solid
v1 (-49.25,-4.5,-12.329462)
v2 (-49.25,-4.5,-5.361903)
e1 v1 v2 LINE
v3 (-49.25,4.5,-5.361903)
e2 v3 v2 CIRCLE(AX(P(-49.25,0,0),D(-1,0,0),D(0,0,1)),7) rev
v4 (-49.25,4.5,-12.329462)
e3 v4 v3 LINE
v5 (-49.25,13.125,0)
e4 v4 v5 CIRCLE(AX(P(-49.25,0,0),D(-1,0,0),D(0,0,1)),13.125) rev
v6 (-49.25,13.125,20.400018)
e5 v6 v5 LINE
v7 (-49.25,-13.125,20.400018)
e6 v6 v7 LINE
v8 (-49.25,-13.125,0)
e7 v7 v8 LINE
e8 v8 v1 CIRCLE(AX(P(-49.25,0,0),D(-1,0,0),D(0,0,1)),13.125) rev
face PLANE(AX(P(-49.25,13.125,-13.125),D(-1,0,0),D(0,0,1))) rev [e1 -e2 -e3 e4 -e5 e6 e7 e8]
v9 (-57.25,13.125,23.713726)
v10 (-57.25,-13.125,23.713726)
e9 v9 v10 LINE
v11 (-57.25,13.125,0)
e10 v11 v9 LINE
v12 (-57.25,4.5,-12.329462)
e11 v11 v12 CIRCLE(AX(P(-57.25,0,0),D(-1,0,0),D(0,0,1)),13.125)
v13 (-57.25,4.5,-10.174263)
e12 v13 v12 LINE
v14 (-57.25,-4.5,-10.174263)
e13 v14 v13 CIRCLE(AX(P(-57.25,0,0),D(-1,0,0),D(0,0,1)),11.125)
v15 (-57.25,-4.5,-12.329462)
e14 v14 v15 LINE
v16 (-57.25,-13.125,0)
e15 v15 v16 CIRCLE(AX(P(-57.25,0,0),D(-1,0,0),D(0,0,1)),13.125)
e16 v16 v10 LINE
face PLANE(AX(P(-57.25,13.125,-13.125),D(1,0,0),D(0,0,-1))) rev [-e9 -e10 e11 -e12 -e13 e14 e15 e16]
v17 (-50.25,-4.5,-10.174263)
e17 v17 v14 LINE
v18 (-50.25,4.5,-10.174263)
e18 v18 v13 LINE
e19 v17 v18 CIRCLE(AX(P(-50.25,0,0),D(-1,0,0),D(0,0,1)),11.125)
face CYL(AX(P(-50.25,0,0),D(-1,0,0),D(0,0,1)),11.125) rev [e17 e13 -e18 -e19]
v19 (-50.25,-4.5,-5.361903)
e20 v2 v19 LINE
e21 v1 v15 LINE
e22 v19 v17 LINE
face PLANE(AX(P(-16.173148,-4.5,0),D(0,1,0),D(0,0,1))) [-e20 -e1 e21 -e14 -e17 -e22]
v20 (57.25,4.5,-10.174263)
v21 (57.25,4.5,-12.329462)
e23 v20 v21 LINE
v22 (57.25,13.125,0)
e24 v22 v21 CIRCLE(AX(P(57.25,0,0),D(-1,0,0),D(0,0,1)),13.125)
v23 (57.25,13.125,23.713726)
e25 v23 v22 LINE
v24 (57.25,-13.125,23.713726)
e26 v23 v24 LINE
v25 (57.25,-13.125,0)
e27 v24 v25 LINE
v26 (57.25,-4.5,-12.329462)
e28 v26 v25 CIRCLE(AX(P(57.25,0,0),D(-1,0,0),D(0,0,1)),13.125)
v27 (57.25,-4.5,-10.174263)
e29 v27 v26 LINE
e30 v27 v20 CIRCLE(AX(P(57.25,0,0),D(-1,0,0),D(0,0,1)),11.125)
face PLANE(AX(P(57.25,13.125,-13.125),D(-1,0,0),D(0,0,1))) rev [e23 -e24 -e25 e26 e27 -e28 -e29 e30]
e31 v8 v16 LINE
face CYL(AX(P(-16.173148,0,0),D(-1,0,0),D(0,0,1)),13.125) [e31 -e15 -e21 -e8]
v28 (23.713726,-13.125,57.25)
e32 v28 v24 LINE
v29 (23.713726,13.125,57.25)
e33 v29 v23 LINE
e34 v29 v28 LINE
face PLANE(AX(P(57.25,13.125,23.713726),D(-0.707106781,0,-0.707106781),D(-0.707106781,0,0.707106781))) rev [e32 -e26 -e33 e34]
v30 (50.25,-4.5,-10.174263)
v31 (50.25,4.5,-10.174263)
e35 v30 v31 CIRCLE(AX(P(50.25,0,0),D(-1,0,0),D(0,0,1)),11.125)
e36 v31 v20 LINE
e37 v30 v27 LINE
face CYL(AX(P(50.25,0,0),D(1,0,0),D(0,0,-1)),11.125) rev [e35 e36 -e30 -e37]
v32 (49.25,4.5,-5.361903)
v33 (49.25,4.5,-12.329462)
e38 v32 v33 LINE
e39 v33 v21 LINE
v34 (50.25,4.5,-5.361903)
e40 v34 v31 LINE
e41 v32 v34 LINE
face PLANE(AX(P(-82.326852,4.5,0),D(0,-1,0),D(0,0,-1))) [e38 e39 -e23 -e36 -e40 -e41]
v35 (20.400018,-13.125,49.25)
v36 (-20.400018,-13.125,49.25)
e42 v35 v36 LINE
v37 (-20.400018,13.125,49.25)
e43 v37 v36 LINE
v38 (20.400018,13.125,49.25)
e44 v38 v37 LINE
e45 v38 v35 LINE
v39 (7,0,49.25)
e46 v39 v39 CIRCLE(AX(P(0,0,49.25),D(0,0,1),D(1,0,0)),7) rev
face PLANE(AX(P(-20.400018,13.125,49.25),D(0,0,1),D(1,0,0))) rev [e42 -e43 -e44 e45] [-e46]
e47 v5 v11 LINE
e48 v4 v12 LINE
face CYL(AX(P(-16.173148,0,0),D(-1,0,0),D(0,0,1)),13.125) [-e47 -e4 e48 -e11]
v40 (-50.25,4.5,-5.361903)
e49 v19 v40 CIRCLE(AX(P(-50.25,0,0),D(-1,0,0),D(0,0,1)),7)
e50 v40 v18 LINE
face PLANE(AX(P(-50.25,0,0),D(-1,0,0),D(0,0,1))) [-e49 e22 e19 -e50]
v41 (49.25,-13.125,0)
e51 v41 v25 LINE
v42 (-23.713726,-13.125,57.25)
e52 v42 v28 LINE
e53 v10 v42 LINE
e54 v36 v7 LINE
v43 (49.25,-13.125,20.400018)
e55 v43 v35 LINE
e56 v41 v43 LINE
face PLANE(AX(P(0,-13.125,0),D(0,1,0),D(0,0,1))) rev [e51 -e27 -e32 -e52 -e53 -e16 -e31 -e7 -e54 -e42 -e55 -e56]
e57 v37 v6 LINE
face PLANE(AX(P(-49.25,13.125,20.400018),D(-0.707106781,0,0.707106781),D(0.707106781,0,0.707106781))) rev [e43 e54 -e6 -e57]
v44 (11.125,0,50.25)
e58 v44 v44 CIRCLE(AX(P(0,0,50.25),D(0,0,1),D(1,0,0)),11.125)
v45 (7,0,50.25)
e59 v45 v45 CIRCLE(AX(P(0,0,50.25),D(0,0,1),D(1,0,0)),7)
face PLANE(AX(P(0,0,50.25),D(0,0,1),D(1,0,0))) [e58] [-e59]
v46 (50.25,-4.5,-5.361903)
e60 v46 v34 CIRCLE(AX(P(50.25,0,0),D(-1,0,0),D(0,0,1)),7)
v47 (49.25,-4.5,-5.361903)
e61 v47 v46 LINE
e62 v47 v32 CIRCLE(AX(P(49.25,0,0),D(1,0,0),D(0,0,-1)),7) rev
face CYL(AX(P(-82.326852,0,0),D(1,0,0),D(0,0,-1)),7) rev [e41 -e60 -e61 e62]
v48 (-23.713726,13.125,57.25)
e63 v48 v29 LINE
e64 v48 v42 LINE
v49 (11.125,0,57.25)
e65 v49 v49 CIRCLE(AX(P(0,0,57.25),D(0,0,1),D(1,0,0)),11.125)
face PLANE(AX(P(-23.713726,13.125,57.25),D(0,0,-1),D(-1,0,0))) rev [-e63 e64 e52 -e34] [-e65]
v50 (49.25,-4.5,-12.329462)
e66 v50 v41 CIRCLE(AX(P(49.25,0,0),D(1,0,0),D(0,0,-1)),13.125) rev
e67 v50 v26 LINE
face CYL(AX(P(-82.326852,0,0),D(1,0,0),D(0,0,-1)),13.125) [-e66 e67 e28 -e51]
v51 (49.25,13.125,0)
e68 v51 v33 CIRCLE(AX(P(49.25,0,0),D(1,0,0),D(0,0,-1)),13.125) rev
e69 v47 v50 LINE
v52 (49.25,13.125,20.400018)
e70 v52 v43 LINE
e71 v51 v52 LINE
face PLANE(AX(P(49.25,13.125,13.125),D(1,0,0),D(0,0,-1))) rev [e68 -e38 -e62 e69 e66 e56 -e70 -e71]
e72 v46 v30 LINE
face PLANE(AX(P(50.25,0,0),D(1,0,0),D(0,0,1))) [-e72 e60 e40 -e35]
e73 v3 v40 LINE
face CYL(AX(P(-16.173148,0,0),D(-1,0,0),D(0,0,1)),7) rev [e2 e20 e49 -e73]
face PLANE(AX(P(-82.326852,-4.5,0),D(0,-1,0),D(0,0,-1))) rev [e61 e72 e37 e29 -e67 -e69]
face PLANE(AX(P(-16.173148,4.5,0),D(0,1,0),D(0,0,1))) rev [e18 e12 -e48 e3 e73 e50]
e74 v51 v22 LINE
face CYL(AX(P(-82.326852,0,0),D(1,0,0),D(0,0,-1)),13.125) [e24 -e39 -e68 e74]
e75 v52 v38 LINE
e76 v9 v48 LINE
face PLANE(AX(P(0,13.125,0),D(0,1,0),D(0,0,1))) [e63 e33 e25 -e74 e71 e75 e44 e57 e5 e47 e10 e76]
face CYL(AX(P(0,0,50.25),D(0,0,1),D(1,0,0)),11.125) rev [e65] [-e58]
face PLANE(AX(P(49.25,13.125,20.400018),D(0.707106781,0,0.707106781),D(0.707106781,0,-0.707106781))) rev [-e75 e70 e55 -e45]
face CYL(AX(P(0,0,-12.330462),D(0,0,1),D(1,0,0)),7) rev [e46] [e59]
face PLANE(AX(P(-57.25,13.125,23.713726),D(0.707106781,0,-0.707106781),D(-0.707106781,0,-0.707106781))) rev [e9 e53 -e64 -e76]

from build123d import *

# Parameters (mm, degrees)
BOSS_EXTRUDE1_DEPTH = 13.125
CUT_EXTRUDE1_REACH  = 130.686
CUT_EXTRUDE2_DEPTH  = 7
SKETCH3_R           = 11.125
CUT_EXTRUDE3_DEPTH  = 7
CUT_EXTRUDE4_REACH  = 87.826
SKETCH4_R           = 7


with BuildPart() as part:
    # Sketch1 → Boss-Extrude1 (new, symmetric)
    with BuildSketch(Plane(origin=(0, 0, 0), x_dir=(1, 0, 0), z_dir=(0, 1, 0))):
        Polygon((-49.25, 13.125), (-49.25, -13.125), (-49.25, -20.400017947), (-20.400017947, -49.25), (20.400017947, -49.25), (49.25, -20.400017947), (49.25, -13.125), (49.25, 13.125), (57.25, 13.125), (57.25, -23.713726446), (23.713726446, -57.25), (-23.713726446, -57.25), (-57.25, -23.713726446), (-57.25, 13.125), align=None)
    extrude(amount=BOSS_EXTRUDE1_DEPTH, both=True)

    # Sketch2 → Cut-Extrude1 (cut, up to next)
    with BuildSketch(Plane.ZY.offset(57.25), mode=Mode.PRIVATE) as cut_extrude1_sk1:
        with BuildLine():
            ThreePointArc((-5.361902647, -4.5), (7, 0), (-5.361902647, 4.5))
            Line((-5.361902647, 4.5), (-12.329461667, 4.5))
            ThreePointArc((-12.329461667, 4.5), (-7.523400993, 10.7547228), (0, 13.125))
            Line((0, 13.125), (-13.125, 13.125))
            Line((-13.125, 13.125), (-13.125, -13.125))
            Line((-13.125, -13.125), (0, -13.125))
            ThreePointArc((0, -13.125), (-7.523400993, -10.7547228), (-12.329461667, -4.5))
            Line((-12.329461667, -4.5), (-5.361902647, -4.5))
        make_face()
    cut_extrude1_tool1 = extrude(cut_extrude1_sk1.sketch, amount=-CUT_EXTRUDE1_REACH, mode=Mode.PRIVATE) & part.part
    cut_extrude1 = cut_extrude1_tool1.solids().sort_by_distance((-57.25, 0, -4.585873))[0]
    add(cut_extrude1, mode=Mode.SUBTRACT)

    # Sketch2<4> → Cut-Extrude2 (cut)
    with BuildSketch(Plane.ZY.offset(57.25)):
        with BuildLine():
            Line((-10.174262873, 4.5), (-5.361902647, 4.5))
            ThreePointArc((-5.361902647, 4.5), (2.394439545, 6.577739678), (7, 0))
            ThreePointArc((7, 0), (2.394439545, -6.577739678), (-5.361902647, -4.5))
            Line((-5.361902647, -4.5), (-10.174262873, -4.5))
            ThreePointArc((-10.174262873, -4.5), (2.299668513, -10.88472093), (11.125, 0))
            ThreePointArc((11.125, 0), (2.299668513, 10.88472093), (-10.174262873, 4.5))
        make_face()
    cut_extrude2 = extrude(amount=-CUT_EXTRUDE2_DEPTH, mode=Mode.SUBTRACT)

    # Mirror1: Cut-Extrude1, Cut-Extrude2 across plane
    add(cut_extrude1.mirror(Plane(origin=(0, 0, 0), x_dir=(0, 0, 1), z_dir=(1, 0, 0))), mode=Mode.SUBTRACT)
    add(cut_extrude2.mirror(Plane(origin=(0, 0, 0), x_dir=(0, 0, 1), z_dir=(1, 0, 0))), mode=Mode.SUBTRACT)

    # Sketch3 → Cut-Extrude3 (cut)
    with BuildSketch(Plane.XY.offset(57.25)):
        Circle(SKETCH3_R)
    extrude(amount=-CUT_EXTRUDE3_DEPTH, mode=Mode.SUBTRACT)

    # Sketch4 → Cut-Extrude4 (cut, up to next)
    with BuildSketch(Plane.XY.offset(50.25), mode=Mode.PRIVATE) as cut_extrude4_sk1:
        Circle(SKETCH4_R)
    cut_extrude4_tool1 = extrude(cut_extrude4_sk1.sketch, amount=-CUT_EXTRUDE4_REACH, mode=Mode.PRIVATE) & part.part
    add(cut_extrude4_tool1.solids().sort_by_distance((0, 0, 50.25))[0], mode=Mode.SUBTRACT)


solid = part.part
